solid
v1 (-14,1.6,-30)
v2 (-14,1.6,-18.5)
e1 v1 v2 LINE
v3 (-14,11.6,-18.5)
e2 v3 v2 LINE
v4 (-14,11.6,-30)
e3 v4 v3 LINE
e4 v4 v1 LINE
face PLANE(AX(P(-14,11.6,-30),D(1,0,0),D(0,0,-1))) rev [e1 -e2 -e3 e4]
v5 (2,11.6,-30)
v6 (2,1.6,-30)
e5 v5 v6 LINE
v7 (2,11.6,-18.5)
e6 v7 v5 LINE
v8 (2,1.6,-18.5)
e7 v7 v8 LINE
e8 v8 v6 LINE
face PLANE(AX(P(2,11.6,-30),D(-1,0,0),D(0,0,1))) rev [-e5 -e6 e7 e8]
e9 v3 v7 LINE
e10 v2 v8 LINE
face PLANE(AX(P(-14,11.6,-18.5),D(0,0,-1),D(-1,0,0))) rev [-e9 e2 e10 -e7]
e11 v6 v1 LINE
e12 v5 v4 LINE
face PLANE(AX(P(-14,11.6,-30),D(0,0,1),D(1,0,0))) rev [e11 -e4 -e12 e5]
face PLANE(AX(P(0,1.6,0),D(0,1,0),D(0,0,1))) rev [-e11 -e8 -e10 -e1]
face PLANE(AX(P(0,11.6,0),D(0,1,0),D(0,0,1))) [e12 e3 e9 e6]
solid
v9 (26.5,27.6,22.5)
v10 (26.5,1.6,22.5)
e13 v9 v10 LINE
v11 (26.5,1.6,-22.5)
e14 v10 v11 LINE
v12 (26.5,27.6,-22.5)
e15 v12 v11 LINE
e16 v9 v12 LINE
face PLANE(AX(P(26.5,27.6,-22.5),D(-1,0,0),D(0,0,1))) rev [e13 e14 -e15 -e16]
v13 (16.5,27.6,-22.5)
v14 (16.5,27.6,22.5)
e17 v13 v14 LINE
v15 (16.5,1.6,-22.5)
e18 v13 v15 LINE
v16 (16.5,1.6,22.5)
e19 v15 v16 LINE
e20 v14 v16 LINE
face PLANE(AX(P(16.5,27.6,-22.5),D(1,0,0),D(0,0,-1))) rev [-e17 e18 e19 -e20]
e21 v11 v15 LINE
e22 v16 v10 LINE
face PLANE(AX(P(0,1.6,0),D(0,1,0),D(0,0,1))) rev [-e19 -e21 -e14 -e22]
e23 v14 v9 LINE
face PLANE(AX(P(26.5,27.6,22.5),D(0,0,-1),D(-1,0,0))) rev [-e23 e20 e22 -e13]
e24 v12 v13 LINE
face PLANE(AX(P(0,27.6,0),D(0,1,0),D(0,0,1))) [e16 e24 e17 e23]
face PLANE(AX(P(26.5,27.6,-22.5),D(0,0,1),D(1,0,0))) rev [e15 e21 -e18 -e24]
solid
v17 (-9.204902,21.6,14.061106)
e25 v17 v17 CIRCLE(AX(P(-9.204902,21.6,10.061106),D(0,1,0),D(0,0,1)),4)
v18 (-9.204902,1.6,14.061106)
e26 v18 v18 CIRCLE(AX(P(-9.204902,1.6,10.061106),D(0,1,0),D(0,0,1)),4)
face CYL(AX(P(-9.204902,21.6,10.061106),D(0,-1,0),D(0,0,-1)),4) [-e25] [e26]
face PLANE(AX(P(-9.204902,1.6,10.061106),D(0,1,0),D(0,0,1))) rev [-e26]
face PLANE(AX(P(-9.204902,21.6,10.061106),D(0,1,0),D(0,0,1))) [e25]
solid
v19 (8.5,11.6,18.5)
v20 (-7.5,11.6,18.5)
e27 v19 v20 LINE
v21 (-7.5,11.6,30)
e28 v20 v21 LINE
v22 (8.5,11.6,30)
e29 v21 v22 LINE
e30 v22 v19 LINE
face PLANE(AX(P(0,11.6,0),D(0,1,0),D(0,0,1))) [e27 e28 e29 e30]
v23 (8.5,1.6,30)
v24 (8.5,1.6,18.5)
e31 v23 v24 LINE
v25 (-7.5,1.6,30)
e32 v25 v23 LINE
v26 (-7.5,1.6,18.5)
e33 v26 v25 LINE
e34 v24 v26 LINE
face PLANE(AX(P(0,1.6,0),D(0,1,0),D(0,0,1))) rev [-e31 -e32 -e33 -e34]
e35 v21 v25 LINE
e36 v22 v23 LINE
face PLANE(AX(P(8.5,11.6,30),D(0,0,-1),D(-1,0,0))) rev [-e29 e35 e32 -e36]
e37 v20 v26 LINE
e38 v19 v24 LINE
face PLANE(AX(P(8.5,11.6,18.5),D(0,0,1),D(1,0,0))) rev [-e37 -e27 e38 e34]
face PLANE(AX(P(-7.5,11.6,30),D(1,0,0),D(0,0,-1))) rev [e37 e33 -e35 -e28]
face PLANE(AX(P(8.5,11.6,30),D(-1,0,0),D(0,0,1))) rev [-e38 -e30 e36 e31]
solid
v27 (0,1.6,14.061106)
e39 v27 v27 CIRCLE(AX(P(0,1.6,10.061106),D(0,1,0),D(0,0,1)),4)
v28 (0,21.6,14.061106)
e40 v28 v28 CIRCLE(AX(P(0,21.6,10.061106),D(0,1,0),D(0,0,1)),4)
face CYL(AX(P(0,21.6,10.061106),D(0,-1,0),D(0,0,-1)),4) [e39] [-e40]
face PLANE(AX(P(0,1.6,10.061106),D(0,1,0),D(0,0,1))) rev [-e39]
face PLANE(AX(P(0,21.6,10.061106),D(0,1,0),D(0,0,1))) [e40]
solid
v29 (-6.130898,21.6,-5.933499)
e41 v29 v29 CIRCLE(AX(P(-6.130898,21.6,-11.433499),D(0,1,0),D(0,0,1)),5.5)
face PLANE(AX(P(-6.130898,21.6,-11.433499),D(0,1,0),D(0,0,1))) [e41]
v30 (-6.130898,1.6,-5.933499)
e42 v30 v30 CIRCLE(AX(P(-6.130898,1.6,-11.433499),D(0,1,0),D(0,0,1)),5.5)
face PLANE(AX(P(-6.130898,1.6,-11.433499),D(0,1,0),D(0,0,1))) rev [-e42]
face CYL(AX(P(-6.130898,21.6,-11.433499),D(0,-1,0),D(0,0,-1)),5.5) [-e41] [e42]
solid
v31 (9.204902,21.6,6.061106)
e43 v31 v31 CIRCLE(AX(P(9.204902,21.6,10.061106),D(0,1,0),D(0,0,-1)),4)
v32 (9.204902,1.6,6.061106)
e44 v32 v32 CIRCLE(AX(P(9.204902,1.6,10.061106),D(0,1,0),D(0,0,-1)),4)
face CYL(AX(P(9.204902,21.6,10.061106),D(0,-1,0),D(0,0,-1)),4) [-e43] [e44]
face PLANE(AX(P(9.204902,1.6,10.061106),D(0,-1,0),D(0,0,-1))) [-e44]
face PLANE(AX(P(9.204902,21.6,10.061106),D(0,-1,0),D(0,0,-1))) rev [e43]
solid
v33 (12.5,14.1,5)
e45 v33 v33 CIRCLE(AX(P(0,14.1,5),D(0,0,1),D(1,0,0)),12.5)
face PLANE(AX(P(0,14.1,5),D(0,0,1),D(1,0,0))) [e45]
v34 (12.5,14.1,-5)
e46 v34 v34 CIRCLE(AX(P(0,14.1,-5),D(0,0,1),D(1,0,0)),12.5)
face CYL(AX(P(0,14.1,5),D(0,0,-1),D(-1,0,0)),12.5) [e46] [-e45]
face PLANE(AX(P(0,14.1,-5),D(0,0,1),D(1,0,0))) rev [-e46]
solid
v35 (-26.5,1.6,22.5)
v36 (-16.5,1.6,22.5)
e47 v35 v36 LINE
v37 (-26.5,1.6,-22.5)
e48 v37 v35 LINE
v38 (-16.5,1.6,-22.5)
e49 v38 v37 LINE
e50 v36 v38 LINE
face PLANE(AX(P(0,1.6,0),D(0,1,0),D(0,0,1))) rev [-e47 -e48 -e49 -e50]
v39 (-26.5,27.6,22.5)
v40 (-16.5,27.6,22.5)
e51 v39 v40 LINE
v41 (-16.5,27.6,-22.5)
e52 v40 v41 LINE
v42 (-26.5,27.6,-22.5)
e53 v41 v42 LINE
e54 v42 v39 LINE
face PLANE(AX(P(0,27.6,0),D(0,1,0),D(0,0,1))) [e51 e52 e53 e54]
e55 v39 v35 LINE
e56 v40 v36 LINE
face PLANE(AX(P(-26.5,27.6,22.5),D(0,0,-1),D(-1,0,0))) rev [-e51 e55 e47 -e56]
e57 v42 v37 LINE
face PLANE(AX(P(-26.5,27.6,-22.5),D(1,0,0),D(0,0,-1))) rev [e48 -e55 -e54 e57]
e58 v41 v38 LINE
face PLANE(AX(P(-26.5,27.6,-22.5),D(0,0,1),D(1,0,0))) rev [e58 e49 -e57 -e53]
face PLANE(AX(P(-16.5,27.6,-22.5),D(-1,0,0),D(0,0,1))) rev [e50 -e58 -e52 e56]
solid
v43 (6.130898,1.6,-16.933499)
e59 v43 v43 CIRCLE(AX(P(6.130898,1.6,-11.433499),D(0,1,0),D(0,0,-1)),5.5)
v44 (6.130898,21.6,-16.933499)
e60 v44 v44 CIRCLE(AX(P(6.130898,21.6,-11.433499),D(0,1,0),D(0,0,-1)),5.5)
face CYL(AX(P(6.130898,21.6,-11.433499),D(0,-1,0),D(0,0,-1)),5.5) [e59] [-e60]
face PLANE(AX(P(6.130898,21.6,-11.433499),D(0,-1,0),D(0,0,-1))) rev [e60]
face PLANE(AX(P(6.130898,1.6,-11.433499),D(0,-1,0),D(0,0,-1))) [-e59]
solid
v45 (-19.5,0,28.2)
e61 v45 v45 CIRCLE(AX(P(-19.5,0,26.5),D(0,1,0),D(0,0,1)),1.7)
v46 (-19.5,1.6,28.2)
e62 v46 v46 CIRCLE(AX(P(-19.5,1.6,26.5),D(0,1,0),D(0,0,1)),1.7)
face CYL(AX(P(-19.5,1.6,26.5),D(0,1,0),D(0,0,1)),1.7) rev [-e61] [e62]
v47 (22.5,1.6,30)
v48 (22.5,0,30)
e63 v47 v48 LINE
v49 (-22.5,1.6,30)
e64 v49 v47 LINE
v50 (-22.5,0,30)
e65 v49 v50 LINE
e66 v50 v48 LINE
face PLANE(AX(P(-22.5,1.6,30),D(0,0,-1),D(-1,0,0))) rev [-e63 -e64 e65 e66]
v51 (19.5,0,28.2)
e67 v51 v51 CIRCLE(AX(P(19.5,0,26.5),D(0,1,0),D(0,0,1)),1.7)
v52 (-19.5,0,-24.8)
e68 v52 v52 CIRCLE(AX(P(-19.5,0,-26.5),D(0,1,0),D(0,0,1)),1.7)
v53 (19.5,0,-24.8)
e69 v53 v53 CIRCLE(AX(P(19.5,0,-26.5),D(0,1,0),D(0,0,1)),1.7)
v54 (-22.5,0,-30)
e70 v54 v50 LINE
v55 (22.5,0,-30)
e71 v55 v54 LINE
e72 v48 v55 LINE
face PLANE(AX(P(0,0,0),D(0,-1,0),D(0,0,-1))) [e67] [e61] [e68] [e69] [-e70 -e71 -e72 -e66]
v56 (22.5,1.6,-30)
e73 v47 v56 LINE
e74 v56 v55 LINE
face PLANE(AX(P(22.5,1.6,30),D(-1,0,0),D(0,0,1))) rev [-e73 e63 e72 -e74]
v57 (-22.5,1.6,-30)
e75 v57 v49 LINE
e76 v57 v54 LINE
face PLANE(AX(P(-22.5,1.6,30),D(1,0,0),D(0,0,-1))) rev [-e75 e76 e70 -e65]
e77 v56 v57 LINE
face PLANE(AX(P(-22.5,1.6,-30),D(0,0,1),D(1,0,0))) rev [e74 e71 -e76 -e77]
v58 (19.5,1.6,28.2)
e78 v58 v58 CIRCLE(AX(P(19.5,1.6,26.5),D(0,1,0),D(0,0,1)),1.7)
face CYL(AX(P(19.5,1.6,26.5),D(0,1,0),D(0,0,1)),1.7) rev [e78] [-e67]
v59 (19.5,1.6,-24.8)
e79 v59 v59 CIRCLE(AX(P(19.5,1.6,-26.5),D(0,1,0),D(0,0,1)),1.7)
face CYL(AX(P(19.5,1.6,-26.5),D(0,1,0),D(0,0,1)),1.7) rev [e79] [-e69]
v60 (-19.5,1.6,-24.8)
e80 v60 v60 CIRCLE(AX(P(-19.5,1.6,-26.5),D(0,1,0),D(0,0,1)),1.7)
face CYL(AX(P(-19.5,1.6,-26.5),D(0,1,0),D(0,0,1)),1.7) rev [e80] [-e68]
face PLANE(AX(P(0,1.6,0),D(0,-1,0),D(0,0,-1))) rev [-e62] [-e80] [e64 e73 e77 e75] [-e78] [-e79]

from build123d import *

# Parameters (mm, degrees)
ESQUISSE1_W               = 45
ESQUISSE1_H               = 60
BOSS_EXTRU_1_DEPTH        = 1.6
ESQUISSE2_W               = 10
ESQUISSE2_H               = 45
BOSS_EXTRU_2_DEPTH        = 26
BOSS_EXTRU_2_2_DEPTH      = 26
ESQUISSE5_W               = 1.7
ESQUISSE5_H               = 1.6
D_GAGEMENT_M31_AT_2_COUNT = 2
D_GAGEMENT_M31_AT_2_PITCH = 53
D_GAGEMENT_M31_AT_3_COUNT = 2
D_GAGEMENT_M31_AT_3_PITCH = 39
D_GAGEMENT_M31_AT_4_COUNT = 2
D_GAGEMENT_M31_AT_4_PITCH = 65.802735505
ESQUISSE6_W               = 16
ESQUISSE6_H               = 11.5
BOSS_EXTRU_3_DEPTH        = 10
BOSS_EXTRU_3_2_DEPTH      = 10
ESQUISSE8_R               = 12.5
BOSS_EXTRU_6_DEPTH        = 5
ESQUISSE7_R               = 5.5
BOSS_EXTRU_4_DEPTH        = 20
BOSS_EXTRU_4_2_DEPTH      = 20
ESQUISSE7_R_2             = 4
BOSS_EXTRU_4_3_DEPTH      = 20
BOSS_EXTRU_4_4_DEPTH      = 20
BOSS_EXTRU_4_5_DEPTH      = 20


with BuildPart() as part:
    # Esquisse1 → Boss.-Extru.1 (new body)
    with BuildSketch(Plane(origin=(0, 0, 0), x_dir=(1, 0, 0), z_dir=(0, 1, 0))):
        Rectangle(ESQUISSE1_W, ESQUISSE1_H)
    extrude(amount=BOSS_EXTRU_1_DEPTH)

    # Esquisse5 → Dégagement M31 (revolve, cut)
    with BuildSketch(Plane(origin=(-19.5, 1.6, -26.5), x_dir=(0, 0, 1), z_dir=(1, 0, 0))):
        with Locations((0.85, 0.8)):
            Rectangle(ESQUISSE5_W, ESQUISSE5_H)
    d_gagement_m31 = revolve(axis=Axis((-19.5, 7.95, -26.5), (0, -1, 0)), mode=Mode.SUBTRACT)

    # Dégagement M31 at 2: Dégagement M31 ×2
    with Locations(*[(0, 0, i * D_GAGEMENT_M31_AT_2_PITCH) for i in range(1, D_GAGEMENT_M31_AT_2_COUNT)]):
        add(d_gagement_m31, mode=Mode.SUBTRACT)

    # Dégagement M31 at 3: Dégagement M31 ×2
    with Locations(*[(i * D_GAGEMENT_M31_AT_3_PITCH, 0, 0) for i in range(1, D_GAGEMENT_M31_AT_3_COUNT)]):
        add(d_gagement_m31, mode=Mode.SUBTRACT)

    # Dégagement M31 at 4: Dégagement M31 ×2
    with Locations(*[Vector(0.5926805276472259, 0, 0.8054376401359735) * (i * D_GAGEMENT_M31_AT_4_PITCH) for i in range(1, D_GAGEMENT_M31_AT_4_COUNT)]):
        add(d_gagement_m31, mode=Mode.SUBTRACT)


with BuildPart() as body_2:
    # Esquisse2 → Boss.-Extru.2 (new body)
    with BuildSketch(Plane(origin=(0, 1.6, 0), x_dir=(1, 0, 0), z_dir=(0, 1, 0))):
        with Locations((-21.5, 0)):
            Rectangle(ESQUISSE2_W, ESQUISSE2_H)
    extrude(amount=BOSS_EXTRU_2_DEPTH)


with BuildPart() as body_3:
    # Esquisse2 → Boss.-Extru.2 2 (new body)
    with BuildSketch(Plane(origin=(0, 1.6, 0), x_dir=(1, 0, 0), z_dir=(0, 1, 0))):
        with Locations((21.5, 0)):
            Rectangle(ESQUISSE2_W, ESQUISSE2_H)
    extrude(amount=BOSS_EXTRU_2_2_DEPTH)


with BuildPart() as body_4:
    # Esquisse6 → Boss.-Extru.3 (new body)
    with BuildSketch(Plane(origin=(0, 1.6, 0), x_dir=(1, 0, 0), z_dir=(0, 1, 0))):
        with Locations((0.5, -24.25)):
            Rectangle(ESQUISSE6_W, ESQUISSE6_H)
    extrude(amount=BOSS_EXTRU_3_DEPTH)


with BuildPart() as body_5:
    # Esquisse6 → Boss.-Extru.3 2 (new body)
    with BuildSketch(Plane(origin=(0, 1.6, 0), x_dir=(1, 0, 0), z_dir=(0, 1, 0))):
        with Locations((-6, 24.25)):
            Rectangle(ESQUISSE6_W, ESQUISSE6_H)
    extrude(amount=BOSS_EXTRU_3_2_DEPTH)


with BuildPart() as body_6:
    # Esquisse8 → Boss.-Extru.6 (new, symmetric)
    with BuildSketch(Plane.XY):
        with Locations((0, 14.1)):
            Circle(ESQUISSE8_R)
    extrude(amount=BOSS_EXTRU_6_DEPTH, both=True)


with BuildPart() as body_7:
    # Esquisse7 → Boss.-Extru.4 (new body)
    with BuildSketch(Plane(origin=(0, 1.6, 0), x_dir=(1, 0, 0), z_dir=(0, 1, 0))):
        with Locations(Location((-6.130897593, 11.433498553, 0), (0, 0, 270))):
            Circle(ESQUISSE7_R)
    extrude(amount=BOSS_EXTRU_4_DEPTH)


with BuildPart() as body_8:
    # Esquisse7 → Boss.-Extru.4 2 (new body)
    with BuildSketch(Plane(origin=(0, 1.6, 0), x_dir=(1, 0, 0), z_dir=(0, 1, 0))):
        with Locations(Location((6.130897593, 11.433498553, 0), (0, 0, 90))):
            Circle(ESQUISSE7_R)
    extrude(amount=BOSS_EXTRU_4_2_DEPTH)


with BuildPart() as body_9:
    # Esquisse7 → Boss.-Extru.4 3 (new body)
    with BuildSketch(Plane(origin=(0, 1.6, 0), x_dir=(1, 0, 0), z_dir=(0, 1, 0))):
        with Locations(Location((0, -10.061105761, 0), (0, 0, 270))):
            Circle(ESQUISSE7_R_2)
    extrude(amount=BOSS_EXTRU_4_3_DEPTH)


with BuildPart() as body_10:
    # Esquisse7 → Boss.-Extru.4 4 (new body)
    with BuildSketch(Plane(origin=(0, 1.6, 0), x_dir=(1, 0, 0), z_dir=(0, 1, 0))):
        with Locations(Location((-9.204902398, -10.061105761, 0), (0, 0, 270))):
            Circle(ESQUISSE7_R_2)
    extrude(amount=BOSS_EXTRU_4_4_DEPTH)


with BuildPart() as body_11:
    # Esquisse7 → Boss.-Extru.4 5 (new body)
    with BuildSketch(Plane(origin=(0, 1.6, 0), x_dir=(1, 0, 0), z_dir=(0, 1, 0))):
        with Locations(Location((9.204902398, -10.061105761, 0), (0, 0, 90))):
            Circle(ESQUISSE7_R_2)
    extrude(amount=BOSS_EXTRU_4_5_DEPTH)


solid = Compound([part.part, body_2.part, body_3.part, body_4.part, body_5.part, body_6.part, body_7.part, body_8.part, body_9.part, body_10.part, body_11.part])
